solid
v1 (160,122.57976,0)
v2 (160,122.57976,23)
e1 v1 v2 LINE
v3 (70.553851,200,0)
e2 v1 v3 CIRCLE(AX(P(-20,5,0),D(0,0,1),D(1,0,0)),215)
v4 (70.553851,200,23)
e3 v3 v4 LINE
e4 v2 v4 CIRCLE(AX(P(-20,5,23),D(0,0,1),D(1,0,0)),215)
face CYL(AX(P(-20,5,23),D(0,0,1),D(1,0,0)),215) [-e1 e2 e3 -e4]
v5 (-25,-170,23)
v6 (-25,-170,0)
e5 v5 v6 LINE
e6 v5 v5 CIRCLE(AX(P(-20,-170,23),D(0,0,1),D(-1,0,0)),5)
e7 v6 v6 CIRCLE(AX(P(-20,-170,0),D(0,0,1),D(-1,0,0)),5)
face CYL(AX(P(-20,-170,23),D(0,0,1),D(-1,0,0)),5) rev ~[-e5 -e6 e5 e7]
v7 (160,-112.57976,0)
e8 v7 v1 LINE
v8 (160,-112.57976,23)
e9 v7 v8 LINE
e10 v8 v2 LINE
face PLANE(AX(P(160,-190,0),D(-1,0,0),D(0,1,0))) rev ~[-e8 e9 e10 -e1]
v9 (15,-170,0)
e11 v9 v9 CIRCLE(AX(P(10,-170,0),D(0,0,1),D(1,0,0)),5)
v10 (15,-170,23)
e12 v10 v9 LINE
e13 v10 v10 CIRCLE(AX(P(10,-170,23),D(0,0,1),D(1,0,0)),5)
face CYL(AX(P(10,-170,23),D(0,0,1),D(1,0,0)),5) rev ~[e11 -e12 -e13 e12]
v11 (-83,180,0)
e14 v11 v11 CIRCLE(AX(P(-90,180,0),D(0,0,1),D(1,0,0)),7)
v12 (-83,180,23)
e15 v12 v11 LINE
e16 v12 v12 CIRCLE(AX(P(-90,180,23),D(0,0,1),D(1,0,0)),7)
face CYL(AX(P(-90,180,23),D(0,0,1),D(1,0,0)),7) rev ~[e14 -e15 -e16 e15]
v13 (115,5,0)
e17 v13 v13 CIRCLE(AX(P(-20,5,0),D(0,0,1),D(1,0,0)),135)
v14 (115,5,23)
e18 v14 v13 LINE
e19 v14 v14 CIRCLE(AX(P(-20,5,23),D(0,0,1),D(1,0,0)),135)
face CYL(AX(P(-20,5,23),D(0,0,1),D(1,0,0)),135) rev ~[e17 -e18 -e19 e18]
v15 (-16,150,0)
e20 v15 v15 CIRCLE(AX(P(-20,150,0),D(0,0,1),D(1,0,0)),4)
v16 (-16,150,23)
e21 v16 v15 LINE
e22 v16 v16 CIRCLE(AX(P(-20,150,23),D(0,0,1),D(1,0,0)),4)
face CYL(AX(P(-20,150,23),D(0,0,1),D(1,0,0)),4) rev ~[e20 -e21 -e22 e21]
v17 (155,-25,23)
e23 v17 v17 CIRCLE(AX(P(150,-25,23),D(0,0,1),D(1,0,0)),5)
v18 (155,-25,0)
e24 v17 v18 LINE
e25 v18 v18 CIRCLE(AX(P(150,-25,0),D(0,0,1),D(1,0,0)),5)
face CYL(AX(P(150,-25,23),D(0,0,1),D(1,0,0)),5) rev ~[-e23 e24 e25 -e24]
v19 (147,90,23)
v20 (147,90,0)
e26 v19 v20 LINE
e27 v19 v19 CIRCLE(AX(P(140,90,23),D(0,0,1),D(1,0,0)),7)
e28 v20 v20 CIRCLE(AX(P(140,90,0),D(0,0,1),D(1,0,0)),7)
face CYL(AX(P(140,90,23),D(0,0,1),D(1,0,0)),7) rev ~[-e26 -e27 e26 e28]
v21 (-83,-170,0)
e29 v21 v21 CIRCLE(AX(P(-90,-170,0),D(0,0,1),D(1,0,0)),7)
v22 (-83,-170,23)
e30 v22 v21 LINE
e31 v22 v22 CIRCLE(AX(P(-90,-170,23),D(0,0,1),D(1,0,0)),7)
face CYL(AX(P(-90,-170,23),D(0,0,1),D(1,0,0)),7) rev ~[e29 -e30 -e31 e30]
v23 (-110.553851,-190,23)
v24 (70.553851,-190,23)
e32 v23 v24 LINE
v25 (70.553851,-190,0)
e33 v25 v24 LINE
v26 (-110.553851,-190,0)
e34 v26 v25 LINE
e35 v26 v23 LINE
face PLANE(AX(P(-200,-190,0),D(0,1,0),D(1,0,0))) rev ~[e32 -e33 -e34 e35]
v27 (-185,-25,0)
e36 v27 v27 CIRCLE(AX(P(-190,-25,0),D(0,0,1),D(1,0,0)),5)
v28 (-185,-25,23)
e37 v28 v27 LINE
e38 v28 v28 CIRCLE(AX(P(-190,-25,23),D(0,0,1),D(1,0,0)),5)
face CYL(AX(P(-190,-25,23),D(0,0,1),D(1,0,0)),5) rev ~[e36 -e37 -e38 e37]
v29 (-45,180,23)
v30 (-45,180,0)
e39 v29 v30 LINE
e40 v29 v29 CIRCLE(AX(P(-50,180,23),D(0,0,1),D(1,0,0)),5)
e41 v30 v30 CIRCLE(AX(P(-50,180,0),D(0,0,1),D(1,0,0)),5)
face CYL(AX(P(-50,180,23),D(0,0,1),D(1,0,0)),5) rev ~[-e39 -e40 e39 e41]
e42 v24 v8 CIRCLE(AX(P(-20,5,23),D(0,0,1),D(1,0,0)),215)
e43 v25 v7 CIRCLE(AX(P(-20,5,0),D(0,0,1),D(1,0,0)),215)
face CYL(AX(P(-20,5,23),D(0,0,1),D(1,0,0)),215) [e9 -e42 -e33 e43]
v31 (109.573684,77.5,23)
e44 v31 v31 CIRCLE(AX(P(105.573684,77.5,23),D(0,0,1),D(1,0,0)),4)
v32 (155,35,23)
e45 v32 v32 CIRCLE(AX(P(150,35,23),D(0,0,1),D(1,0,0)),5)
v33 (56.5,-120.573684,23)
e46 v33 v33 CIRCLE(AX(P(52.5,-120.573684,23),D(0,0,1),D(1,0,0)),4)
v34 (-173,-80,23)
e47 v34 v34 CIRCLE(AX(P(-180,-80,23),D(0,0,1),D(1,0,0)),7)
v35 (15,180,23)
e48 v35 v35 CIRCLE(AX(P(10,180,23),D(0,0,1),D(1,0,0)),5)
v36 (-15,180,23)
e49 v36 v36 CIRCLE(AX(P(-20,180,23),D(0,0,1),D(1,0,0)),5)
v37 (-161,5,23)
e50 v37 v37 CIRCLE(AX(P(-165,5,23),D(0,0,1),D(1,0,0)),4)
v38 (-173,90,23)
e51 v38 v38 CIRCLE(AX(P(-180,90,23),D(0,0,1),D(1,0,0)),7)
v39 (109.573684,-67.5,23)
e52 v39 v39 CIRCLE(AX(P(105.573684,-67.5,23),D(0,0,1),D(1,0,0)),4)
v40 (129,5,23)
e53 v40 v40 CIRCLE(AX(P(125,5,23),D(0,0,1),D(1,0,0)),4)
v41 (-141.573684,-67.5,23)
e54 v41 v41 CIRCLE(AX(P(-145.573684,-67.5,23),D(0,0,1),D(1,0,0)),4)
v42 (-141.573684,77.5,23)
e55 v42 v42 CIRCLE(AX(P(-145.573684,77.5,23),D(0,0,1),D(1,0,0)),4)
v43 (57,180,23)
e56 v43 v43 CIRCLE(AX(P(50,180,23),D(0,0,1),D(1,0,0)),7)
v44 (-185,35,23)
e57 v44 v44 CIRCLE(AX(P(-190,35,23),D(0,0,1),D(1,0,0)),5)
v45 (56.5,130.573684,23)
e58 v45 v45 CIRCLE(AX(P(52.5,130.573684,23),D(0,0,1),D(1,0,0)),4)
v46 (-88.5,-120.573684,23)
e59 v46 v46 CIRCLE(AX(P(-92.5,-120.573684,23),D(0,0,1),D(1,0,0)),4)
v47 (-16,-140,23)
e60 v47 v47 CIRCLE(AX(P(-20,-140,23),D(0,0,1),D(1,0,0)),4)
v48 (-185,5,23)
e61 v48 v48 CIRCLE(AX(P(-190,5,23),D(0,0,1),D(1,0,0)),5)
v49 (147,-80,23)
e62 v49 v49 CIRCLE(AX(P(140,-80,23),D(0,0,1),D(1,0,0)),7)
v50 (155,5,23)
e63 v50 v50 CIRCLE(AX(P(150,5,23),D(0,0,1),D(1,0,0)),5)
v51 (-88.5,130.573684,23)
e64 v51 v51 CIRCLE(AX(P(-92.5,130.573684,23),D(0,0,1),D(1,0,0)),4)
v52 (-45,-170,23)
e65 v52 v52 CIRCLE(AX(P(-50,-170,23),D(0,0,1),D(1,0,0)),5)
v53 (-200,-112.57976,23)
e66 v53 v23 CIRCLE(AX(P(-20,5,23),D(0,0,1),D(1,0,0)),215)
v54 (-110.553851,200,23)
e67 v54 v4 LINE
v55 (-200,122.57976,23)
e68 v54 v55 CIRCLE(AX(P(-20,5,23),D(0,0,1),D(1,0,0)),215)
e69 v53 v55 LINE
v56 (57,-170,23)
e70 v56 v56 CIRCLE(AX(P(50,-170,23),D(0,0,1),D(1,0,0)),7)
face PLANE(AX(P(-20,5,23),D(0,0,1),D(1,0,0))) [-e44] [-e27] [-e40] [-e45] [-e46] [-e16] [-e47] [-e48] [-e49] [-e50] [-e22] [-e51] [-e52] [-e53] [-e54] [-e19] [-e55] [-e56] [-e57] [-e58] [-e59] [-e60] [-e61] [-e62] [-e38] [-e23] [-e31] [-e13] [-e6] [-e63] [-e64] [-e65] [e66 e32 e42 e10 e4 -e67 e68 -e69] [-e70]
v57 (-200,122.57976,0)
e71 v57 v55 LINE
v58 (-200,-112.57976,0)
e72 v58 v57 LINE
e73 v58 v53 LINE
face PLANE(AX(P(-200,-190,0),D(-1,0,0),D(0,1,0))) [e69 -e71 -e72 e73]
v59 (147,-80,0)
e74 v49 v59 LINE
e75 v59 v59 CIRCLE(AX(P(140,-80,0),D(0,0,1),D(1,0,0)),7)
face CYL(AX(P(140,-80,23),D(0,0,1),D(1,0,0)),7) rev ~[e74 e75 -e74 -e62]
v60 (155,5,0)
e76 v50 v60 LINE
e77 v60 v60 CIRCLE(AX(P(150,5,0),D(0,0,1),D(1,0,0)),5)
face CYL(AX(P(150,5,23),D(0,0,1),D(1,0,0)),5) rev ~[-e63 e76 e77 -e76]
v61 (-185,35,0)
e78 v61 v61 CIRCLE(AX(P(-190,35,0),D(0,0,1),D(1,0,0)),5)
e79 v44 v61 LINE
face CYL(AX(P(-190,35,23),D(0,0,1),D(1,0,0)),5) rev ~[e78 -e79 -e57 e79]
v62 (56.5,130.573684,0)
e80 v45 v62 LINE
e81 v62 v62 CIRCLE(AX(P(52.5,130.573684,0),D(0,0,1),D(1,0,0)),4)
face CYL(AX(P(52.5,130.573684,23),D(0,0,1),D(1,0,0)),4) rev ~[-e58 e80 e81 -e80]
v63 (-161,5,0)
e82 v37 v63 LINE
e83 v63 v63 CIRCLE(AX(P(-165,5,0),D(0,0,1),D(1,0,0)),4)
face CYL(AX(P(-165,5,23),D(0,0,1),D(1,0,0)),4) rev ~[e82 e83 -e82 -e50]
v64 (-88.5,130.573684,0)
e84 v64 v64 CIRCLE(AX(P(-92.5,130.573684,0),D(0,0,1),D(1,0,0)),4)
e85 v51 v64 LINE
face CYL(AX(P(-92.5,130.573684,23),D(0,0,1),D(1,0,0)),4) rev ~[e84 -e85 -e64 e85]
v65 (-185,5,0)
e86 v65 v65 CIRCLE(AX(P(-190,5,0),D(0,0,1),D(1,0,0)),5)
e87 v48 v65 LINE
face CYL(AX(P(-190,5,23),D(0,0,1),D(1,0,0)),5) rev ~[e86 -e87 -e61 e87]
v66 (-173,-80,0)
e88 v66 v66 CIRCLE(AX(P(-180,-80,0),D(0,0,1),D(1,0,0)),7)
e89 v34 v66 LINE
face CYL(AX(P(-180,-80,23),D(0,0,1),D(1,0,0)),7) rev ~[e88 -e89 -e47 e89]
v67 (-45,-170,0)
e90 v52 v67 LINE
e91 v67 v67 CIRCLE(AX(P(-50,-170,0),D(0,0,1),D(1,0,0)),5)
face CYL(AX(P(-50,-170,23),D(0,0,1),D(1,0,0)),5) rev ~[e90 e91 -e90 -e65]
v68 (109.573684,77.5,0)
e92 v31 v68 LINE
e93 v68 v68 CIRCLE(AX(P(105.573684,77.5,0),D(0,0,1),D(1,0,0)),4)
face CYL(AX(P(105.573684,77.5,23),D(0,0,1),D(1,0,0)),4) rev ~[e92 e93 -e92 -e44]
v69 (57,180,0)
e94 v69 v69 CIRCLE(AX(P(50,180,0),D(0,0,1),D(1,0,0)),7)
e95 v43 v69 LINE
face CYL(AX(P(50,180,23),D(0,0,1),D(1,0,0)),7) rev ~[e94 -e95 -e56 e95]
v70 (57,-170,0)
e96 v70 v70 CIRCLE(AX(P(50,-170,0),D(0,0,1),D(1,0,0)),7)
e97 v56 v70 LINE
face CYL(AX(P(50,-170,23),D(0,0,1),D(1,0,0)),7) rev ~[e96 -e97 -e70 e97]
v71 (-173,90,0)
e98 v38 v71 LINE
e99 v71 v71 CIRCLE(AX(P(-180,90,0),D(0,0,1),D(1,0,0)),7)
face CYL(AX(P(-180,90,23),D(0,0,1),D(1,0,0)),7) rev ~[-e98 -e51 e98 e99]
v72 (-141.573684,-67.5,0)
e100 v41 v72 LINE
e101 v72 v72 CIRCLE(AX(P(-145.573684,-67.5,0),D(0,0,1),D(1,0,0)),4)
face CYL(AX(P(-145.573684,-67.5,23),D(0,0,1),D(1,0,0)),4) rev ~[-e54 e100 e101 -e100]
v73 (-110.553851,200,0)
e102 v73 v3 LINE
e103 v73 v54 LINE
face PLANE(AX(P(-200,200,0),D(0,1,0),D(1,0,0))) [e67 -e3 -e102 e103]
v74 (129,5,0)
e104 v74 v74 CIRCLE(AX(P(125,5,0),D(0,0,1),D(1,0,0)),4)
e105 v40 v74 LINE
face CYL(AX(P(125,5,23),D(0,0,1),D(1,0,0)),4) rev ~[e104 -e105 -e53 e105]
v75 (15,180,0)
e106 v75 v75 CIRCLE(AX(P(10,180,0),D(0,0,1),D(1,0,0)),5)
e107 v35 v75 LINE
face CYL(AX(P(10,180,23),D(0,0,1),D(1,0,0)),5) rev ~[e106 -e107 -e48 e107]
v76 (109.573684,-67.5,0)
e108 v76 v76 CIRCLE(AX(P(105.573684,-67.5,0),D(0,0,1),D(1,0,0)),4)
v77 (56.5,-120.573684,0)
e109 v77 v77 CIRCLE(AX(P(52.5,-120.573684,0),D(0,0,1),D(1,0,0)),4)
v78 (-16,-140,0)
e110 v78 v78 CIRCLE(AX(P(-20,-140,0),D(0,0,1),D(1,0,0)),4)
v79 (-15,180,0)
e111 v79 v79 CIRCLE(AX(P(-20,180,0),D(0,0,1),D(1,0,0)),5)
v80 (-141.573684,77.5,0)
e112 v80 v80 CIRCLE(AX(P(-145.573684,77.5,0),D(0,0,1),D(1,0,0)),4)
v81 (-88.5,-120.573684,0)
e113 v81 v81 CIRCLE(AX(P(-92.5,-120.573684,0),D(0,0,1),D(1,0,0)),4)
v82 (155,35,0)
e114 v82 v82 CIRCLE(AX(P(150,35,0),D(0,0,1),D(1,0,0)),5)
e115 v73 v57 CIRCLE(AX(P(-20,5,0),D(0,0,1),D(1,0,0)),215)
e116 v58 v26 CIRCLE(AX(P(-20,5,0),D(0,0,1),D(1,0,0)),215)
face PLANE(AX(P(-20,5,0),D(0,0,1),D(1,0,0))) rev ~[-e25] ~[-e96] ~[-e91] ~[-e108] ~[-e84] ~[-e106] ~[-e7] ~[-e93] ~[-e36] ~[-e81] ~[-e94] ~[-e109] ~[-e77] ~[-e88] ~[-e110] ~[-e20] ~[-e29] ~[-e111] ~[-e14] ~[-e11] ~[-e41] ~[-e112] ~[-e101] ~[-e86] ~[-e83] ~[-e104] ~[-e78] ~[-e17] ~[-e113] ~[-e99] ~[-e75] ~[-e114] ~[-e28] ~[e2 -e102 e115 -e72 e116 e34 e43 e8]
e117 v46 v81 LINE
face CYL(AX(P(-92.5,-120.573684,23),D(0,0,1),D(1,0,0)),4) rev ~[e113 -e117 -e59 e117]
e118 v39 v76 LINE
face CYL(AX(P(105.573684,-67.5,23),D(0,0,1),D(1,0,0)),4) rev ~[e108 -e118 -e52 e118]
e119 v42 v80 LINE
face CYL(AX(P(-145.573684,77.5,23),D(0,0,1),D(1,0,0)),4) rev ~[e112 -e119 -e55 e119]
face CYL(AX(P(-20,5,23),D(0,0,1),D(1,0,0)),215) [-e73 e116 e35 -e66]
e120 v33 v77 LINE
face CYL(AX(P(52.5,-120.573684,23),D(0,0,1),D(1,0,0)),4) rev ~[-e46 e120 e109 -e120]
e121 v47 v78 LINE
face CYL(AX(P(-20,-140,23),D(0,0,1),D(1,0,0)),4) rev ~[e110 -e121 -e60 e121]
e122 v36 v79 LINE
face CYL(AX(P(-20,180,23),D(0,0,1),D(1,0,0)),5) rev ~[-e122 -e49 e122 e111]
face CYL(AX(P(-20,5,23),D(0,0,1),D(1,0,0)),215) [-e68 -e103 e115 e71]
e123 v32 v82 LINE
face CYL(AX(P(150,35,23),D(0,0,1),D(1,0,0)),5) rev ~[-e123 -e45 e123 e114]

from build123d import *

# Parameters (mm, degrees)
SKETCH_1_W           = 360
SKETCH_1_H           = 390
EXTRUDE_1_DEPTH      = 23
SKETCH_2_R           = 135
CUT_EXTRUDE_1_DEPTH  = 30
CHAMFER_1_SIZE       = 20
SKETCH_5_R           = 4
CUT_EXTRUDE_2_DEPTH  = 35
SKETCH_6_R           = 7
CUT_EXTRUDE_3_DEPTH  = 35
SKETCH_11_OUTSIDE_W  = 468.25
SKETCH_11_OUTSIDE_H  = 498.25
SKETCH_11_OUTSIDE_R  = 215
CUT_EXTRUDE_8_DEPTH  = 284.776320365
SKETCH_12_R          = 5
CUT_EXTRUDE_9_DEPTH  = 28
SKETCH_13_R          = 5
CUT_EXTRUDE_10_DEPTH = 284.776320365
SKETCH_15_R          = 5
CUT_EXTRUDE_11_DEPTH = 28


with BuildPart() as part:
    # 草图1 → 拉伸1 (new body)
    with BuildSketch(Plane.XY):
        with Locations((-20, 5)):
            Rectangle(SKETCH_1_W, SKETCH_1_H)
    extrude(amount=EXTRUDE_1_DEPTH)

    # 草图2 → 切除-拉伸1 (cut)
    with BuildSketch(Plane.XY.offset(23)):
        with Locations((-20, 5)):
            Circle(SKETCH_2_R)
    extrude(amount=-CUT_EXTRUDE_1_DEPTH, mode=Mode.SUBTRACT)

    # 倒角1
    chamfer_1_edges = [part.edges().sort_by_distance(p)[0] for p in [
        (-200, 200, 11.5),
        (160, 200, 11.5),
        (160, -190, 11.5),
        (-200, -190, 11.5),
    ]]
    chamfer(chamfer_1_edges, length=CHAMFER_1_SIZE)

    # 草图5 → 切除-拉伸2 (cut)
    with BuildSketch(Plane.XY.offset(23)):
        with Locations((52.5, 130.573683549)):
            Circle(SKETCH_5_R)
        with Locations((-20, 150)):
            Circle(SKETCH_5_R)
        with Locations((105.573683549, 77.5)):
            Circle(SKETCH_5_R)
        with Locations((125, 5)):
            Circle(SKETCH_5_R)
        with Locations((105.573683549, -67.5)):
            Circle(SKETCH_5_R)
        with Locations((52.5, -120.573683549)):
            Circle(SKETCH_5_R)
        with Locations((-20, -140)):
            Circle(SKETCH_5_R)
        with Locations((-92.5, -120.573683549)):
            Circle(SKETCH_5_R)
        with Locations((-145.573683549, -67.5)):
            Circle(SKETCH_5_R)
        with Locations((-165, 5)):
            Circle(SKETCH_5_R)
        with Locations((-145.573683549, 77.5)):
            Circle(SKETCH_5_R)
        with Locations((-92.5, 130.573683549)):
            Circle(SKETCH_5_R)
    extrude(amount=-CUT_EXTRUDE_2_DEPTH, mode=Mode.SUBTRACT)

    # 草图6 → 切除-拉伸3 (cut)
    with BuildSketch(Plane.XY.offset(23)):
        with Locations((140, -80)):
            Circle(SKETCH_6_R)
        with Locations((50, 180)):
            Circle(SKETCH_6_R)
        with Locations((140, -155)):
            Circle(SKETCH_6_R)
        with Locations((-90, 180)):
            Circle(SKETCH_6_R)
        with Locations((140, 165)):
            Circle(SKETCH_6_R)
        with Locations((140, 90)):
            Circle(SKETCH_6_R)
        with Locations((50, -170)):
            Circle(SKETCH_6_R)
        with Locations((-90, -170)):
            Circle(SKETCH_6_R)
        with Locations((-180, 90)):
            Circle(SKETCH_6_R)
        with Locations((-180, 165)):
            Circle(SKETCH_6_R)
        with Locations((-180, -155)):
            Circle(SKETCH_6_R)
        with Locations((-180, -80)):
            Circle(SKETCH_6_R)
    extrude(amount=-CUT_EXTRUDE_3_DEPTH, mode=Mode.SUBTRACT)

    # 草图11 outside → 切除-拉伸8 (cut, through all)
    with BuildSketch(Plane.XY.offset(23)):
        with Locations((-20, 5)):
            Rectangle(SKETCH_11_OUTSIDE_W, SKETCH_11_OUTSIDE_H)
        with Locations((-20, 5)):
            Circle(SKETCH_11_OUTSIDE_R, mode=Mode.SUBTRACT)
    extrude(amount=-CUT_EXTRUDE_8_DEPTH, mode=Mode.SUBTRACT)

    # 草图12 → 切除-拉伸9 (cut)
    with BuildSketch(Plane.XY.offset(23)):
        with Locations((-50, 180)):
            Circle(SKETCH_12_R)
        with Locations((10, 180)):
            Circle(SKETCH_12_R)
        with Locations((10, -170)):
            Circle(SKETCH_12_R)
        with Locations((-50, -170)):
            Circle(SKETCH_12_R)
    extrude(amount=-CUT_EXTRUDE_9_DEPTH, mode=Mode.SUBTRACT)

    # 草图13 → 切除-拉伸10 (cut, through all)
    with BuildSketch(Plane.XY.offset(23)):
        with Locations((-20, 180)):
            Circle(SKETCH_13_R)
        with Locations(Location((-20, -170, 0), (0, 0, 180))):
            Circle(SKETCH_13_R)
    extrude(amount=-CUT_EXTRUDE_10_DEPTH, mode=Mode.SUBTRACT)

    # 草图15 → 切除-拉伸11 (cut)
    with BuildSketch(Plane.XY.offset(23)):
        with Locations((-190, 35)):
            Circle(SKETCH_15_R)
        with Locations((150, -25)):
            Circle(SKETCH_15_R)
        with Locations((-190, 5)):
            Circle(SKETCH_15_R)
        with Locations((-190, -25)):
            Circle(SKETCH_15_R)
        with Locations((150, 5)):
            Circle(SKETCH_15_R)
        with Locations((150, 35)):
            Circle(SKETCH_15_R)
    extrude(amount=-CUT_EXTRUDE_11_DEPTH, mode=Mode.SUBTRACT)


solid = part.part
